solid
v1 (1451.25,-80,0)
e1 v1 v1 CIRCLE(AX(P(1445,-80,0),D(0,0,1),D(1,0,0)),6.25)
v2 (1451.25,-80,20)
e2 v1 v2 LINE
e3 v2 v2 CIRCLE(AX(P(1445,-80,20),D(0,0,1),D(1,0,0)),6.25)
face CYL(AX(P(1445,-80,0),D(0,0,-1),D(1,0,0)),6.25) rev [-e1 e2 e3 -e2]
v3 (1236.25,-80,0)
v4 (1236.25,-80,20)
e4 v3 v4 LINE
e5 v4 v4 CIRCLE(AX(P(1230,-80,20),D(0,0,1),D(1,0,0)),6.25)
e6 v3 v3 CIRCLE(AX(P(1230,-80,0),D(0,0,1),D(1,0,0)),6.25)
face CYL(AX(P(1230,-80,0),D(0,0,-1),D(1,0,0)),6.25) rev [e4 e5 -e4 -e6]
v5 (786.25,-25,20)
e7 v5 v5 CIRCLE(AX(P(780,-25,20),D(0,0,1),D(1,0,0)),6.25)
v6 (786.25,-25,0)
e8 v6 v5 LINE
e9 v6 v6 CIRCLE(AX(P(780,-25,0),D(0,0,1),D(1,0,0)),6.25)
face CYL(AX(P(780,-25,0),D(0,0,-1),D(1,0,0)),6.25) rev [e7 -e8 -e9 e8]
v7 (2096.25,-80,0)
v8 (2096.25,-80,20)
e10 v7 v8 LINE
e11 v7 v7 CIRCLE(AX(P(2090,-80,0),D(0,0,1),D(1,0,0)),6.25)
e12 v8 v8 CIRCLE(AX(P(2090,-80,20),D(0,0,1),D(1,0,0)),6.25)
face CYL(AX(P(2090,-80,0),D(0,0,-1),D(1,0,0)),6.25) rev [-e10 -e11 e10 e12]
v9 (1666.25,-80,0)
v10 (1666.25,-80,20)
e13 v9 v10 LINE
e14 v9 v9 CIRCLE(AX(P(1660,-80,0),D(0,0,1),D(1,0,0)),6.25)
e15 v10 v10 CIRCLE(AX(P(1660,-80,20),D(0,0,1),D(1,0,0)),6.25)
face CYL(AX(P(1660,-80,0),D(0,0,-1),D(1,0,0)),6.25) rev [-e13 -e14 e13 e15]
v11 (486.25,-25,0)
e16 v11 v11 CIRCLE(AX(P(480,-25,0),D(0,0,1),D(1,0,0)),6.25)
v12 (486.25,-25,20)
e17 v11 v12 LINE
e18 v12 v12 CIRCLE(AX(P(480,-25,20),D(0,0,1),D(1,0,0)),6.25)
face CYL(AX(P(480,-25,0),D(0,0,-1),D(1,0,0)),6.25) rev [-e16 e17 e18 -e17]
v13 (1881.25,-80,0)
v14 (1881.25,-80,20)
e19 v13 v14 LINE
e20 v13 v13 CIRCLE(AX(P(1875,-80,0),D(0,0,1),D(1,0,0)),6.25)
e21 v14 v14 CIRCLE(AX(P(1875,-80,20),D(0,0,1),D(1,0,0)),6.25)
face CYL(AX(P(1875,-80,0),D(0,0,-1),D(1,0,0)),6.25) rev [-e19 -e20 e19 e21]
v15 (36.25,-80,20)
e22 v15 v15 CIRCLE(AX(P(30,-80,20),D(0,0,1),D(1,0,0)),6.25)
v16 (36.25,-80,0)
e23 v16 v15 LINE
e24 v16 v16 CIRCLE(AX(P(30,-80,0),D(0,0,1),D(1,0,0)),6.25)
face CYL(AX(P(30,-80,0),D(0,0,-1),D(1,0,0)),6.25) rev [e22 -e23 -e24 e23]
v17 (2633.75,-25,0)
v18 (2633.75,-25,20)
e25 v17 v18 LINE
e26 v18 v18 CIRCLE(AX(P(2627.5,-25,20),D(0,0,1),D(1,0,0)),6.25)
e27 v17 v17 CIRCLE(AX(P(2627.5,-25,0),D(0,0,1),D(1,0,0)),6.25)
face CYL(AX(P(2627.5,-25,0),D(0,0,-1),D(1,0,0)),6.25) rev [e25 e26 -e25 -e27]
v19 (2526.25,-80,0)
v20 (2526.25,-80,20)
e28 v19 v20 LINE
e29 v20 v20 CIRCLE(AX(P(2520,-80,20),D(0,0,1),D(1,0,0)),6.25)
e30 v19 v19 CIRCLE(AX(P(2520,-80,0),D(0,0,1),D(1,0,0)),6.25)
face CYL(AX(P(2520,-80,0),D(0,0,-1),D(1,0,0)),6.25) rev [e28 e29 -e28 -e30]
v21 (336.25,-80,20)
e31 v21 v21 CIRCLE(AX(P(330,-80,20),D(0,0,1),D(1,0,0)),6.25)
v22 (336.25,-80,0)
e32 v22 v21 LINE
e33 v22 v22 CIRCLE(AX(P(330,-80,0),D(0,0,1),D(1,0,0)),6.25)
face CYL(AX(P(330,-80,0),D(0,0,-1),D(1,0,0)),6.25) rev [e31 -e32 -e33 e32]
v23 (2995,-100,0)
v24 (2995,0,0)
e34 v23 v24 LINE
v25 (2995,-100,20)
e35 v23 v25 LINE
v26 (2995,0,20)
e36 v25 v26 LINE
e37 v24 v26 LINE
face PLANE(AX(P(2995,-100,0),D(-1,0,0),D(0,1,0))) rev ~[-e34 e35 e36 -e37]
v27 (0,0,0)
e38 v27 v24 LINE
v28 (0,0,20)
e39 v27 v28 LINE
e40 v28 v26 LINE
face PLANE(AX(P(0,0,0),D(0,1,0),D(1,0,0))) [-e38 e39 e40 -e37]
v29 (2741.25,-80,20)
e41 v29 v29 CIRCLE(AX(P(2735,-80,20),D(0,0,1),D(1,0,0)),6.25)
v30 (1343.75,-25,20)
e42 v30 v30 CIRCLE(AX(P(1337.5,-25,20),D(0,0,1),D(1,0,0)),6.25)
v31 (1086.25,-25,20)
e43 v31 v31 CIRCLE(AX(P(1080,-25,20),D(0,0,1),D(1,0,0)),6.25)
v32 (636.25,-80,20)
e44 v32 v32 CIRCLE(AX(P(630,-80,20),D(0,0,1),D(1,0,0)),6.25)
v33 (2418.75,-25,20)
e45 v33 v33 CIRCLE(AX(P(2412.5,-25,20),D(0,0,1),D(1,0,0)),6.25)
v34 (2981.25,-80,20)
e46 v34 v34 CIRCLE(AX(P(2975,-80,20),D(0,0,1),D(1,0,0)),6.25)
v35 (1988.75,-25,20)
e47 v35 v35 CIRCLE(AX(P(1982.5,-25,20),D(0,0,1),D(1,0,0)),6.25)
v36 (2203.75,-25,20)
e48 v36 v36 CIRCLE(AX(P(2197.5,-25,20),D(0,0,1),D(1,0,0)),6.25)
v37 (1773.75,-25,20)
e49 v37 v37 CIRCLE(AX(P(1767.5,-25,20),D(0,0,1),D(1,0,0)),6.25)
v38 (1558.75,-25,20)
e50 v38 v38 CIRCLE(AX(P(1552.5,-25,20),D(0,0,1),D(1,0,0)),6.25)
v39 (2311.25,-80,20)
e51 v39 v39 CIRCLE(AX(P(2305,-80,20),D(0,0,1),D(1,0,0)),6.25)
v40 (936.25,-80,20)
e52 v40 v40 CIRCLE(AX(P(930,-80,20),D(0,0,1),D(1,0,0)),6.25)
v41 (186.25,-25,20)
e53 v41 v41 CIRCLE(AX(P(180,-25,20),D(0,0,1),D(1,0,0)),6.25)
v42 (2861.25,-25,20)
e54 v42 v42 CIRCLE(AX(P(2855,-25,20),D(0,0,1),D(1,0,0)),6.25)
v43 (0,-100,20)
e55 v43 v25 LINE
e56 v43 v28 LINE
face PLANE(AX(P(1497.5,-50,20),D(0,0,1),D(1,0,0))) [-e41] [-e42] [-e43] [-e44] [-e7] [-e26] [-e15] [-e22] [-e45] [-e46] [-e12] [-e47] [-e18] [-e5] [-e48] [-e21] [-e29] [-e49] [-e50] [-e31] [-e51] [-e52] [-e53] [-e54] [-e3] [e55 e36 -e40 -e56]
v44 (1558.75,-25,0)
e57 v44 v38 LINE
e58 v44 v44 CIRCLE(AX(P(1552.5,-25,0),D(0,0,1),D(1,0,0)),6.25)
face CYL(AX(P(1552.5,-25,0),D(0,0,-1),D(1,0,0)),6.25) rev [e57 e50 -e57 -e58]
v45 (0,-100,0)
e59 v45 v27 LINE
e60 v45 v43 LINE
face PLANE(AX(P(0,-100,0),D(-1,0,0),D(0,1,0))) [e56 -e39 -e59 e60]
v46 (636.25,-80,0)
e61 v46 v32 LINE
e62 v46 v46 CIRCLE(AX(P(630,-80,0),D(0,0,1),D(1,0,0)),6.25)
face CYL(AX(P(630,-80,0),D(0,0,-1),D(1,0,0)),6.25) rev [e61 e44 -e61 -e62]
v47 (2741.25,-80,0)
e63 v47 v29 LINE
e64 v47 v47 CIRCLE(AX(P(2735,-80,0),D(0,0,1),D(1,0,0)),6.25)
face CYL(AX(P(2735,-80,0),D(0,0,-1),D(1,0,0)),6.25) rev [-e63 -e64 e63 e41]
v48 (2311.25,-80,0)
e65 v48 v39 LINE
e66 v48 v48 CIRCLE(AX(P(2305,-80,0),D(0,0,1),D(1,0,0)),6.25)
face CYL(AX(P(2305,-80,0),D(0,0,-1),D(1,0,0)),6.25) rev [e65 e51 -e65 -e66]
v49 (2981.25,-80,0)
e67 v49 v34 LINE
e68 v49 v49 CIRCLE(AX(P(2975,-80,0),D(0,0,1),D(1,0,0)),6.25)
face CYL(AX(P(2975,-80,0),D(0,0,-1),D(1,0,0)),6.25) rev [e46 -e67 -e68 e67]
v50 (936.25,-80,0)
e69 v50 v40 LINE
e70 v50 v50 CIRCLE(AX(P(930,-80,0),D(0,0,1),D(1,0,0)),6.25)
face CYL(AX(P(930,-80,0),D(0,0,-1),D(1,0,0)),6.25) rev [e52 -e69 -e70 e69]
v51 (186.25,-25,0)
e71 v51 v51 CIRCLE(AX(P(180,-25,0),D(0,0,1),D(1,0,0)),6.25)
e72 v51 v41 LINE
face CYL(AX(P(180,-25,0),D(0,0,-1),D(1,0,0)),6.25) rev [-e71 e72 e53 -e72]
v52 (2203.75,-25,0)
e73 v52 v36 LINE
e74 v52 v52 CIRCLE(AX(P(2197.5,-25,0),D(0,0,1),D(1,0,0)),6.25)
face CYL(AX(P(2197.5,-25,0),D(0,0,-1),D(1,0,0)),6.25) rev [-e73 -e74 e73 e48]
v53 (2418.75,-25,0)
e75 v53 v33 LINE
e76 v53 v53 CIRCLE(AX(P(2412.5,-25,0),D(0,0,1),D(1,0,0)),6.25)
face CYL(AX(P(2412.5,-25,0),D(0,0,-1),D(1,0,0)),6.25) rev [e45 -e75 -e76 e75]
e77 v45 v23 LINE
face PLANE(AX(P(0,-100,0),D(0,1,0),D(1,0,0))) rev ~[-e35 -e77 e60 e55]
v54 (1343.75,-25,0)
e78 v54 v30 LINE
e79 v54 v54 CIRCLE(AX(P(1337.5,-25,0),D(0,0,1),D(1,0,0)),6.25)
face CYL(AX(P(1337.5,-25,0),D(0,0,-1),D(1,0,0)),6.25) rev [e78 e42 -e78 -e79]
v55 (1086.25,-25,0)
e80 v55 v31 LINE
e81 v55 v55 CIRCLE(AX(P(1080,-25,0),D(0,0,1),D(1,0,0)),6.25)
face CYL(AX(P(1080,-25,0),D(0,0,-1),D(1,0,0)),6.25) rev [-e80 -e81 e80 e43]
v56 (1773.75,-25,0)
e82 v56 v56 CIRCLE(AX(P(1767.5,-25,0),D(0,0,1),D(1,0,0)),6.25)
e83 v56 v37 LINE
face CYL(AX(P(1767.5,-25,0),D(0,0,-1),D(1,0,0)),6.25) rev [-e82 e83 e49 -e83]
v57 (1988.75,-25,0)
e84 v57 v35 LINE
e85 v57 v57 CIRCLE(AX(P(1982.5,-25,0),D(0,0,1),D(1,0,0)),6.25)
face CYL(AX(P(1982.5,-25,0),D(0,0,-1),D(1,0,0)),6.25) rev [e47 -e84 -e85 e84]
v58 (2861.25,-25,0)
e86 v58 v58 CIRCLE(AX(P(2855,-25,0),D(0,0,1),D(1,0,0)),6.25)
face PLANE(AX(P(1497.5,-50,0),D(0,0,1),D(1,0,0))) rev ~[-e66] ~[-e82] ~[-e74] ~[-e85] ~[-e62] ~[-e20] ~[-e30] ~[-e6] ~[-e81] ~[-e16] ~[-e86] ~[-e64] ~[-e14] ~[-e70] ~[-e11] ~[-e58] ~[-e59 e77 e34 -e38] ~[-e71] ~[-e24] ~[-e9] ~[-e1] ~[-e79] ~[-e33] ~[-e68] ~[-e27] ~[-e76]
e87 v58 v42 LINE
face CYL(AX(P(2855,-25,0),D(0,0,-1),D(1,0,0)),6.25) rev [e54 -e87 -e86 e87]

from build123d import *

# Parameters (mm, degrees)
F0_W     = 2995
F0_H     = 100
F0_R     = 6.25
F1_DEPTH = 20


with BuildPart() as f1:
    # F0 (on Top) → F1 (new body)
    with BuildSketch(Plane.XY):
        with Locations((1497.5, -50)):
            Rectangle(F0_W, F0_H)
        with Locations((30, -80)):
            Circle(F0_R, mode=Mode.SUBTRACT)
        with Locations((330, -80)):
            Circle(F0_R, mode=Mode.SUBTRACT)
        with Locations((630, -80)):
            Circle(F0_R, mode=Mode.SUBTRACT)
        with Locations((930, -80)):
            Circle(F0_R, mode=Mode.SUBTRACT)
        with Locations((1230, -80)):
            Circle(F0_R, mode=Mode.SUBTRACT)
        with Locations((1445, -80)):
            Circle(F0_R, mode=Mode.SUBTRACT)
        with Locations((1660, -80)):
            Circle(F0_R, mode=Mode.SUBTRACT)
        with Locations((1875, -80)):
            Circle(F0_R, mode=Mode.SUBTRACT)
        with Locations((2090, -80)):
            Circle(F0_R, mode=Mode.SUBTRACT)
        with Locations((2305, -80)):
            Circle(F0_R, mode=Mode.SUBTRACT)
        with Locations((2520, -80)):
            Circle(F0_R, mode=Mode.SUBTRACT)
        with Locations((2735, -80)):
            Circle(F0_R, mode=Mode.SUBTRACT)
        with Locations((2975, -80)):
            Circle(F0_R, mode=Mode.SUBTRACT)
        with Locations((180, -25)):
            Circle(F0_R, mode=Mode.SUBTRACT)
        with Locations((480, -25)):
            Circle(F0_R, mode=Mode.SUBTRACT)
        with Locations((780, -25)):
            Circle(F0_R, mode=Mode.SUBTRACT)
        with Locations((1080, -25)):
            Circle(F0_R, mode=Mode.SUBTRACT)
        with Locations((1337.5, -25)):
            Circle(F0_R, mode=Mode.SUBTRACT)
        with Locations((1552.5, -25)):
            Circle(F0_R, mode=Mode.SUBTRACT)
        with Locations((1767.5, -25)):
            Circle(F0_R, mode=Mode.SUBTRACT)
        with Locations((1982.5, -25)):
            Circle(F0_R, mode=Mode.SUBTRACT)
        with Locations((2197.5, -25)):
            Circle(F0_R, mode=Mode.SUBTRACT)
        with Locations((2412.5, -25)):
            Circle(F0_R, mode=Mode.SUBTRACT)
        with Locations((2627.5, -25)):
            Circle(F0_R, mode=Mode.SUBTRACT)
        with Locations((2855, -25)):
            Circle(F0_R, mode=Mode.SUBTRACT)
    extrude(amount=F1_DEPTH)


solid = f1.part
